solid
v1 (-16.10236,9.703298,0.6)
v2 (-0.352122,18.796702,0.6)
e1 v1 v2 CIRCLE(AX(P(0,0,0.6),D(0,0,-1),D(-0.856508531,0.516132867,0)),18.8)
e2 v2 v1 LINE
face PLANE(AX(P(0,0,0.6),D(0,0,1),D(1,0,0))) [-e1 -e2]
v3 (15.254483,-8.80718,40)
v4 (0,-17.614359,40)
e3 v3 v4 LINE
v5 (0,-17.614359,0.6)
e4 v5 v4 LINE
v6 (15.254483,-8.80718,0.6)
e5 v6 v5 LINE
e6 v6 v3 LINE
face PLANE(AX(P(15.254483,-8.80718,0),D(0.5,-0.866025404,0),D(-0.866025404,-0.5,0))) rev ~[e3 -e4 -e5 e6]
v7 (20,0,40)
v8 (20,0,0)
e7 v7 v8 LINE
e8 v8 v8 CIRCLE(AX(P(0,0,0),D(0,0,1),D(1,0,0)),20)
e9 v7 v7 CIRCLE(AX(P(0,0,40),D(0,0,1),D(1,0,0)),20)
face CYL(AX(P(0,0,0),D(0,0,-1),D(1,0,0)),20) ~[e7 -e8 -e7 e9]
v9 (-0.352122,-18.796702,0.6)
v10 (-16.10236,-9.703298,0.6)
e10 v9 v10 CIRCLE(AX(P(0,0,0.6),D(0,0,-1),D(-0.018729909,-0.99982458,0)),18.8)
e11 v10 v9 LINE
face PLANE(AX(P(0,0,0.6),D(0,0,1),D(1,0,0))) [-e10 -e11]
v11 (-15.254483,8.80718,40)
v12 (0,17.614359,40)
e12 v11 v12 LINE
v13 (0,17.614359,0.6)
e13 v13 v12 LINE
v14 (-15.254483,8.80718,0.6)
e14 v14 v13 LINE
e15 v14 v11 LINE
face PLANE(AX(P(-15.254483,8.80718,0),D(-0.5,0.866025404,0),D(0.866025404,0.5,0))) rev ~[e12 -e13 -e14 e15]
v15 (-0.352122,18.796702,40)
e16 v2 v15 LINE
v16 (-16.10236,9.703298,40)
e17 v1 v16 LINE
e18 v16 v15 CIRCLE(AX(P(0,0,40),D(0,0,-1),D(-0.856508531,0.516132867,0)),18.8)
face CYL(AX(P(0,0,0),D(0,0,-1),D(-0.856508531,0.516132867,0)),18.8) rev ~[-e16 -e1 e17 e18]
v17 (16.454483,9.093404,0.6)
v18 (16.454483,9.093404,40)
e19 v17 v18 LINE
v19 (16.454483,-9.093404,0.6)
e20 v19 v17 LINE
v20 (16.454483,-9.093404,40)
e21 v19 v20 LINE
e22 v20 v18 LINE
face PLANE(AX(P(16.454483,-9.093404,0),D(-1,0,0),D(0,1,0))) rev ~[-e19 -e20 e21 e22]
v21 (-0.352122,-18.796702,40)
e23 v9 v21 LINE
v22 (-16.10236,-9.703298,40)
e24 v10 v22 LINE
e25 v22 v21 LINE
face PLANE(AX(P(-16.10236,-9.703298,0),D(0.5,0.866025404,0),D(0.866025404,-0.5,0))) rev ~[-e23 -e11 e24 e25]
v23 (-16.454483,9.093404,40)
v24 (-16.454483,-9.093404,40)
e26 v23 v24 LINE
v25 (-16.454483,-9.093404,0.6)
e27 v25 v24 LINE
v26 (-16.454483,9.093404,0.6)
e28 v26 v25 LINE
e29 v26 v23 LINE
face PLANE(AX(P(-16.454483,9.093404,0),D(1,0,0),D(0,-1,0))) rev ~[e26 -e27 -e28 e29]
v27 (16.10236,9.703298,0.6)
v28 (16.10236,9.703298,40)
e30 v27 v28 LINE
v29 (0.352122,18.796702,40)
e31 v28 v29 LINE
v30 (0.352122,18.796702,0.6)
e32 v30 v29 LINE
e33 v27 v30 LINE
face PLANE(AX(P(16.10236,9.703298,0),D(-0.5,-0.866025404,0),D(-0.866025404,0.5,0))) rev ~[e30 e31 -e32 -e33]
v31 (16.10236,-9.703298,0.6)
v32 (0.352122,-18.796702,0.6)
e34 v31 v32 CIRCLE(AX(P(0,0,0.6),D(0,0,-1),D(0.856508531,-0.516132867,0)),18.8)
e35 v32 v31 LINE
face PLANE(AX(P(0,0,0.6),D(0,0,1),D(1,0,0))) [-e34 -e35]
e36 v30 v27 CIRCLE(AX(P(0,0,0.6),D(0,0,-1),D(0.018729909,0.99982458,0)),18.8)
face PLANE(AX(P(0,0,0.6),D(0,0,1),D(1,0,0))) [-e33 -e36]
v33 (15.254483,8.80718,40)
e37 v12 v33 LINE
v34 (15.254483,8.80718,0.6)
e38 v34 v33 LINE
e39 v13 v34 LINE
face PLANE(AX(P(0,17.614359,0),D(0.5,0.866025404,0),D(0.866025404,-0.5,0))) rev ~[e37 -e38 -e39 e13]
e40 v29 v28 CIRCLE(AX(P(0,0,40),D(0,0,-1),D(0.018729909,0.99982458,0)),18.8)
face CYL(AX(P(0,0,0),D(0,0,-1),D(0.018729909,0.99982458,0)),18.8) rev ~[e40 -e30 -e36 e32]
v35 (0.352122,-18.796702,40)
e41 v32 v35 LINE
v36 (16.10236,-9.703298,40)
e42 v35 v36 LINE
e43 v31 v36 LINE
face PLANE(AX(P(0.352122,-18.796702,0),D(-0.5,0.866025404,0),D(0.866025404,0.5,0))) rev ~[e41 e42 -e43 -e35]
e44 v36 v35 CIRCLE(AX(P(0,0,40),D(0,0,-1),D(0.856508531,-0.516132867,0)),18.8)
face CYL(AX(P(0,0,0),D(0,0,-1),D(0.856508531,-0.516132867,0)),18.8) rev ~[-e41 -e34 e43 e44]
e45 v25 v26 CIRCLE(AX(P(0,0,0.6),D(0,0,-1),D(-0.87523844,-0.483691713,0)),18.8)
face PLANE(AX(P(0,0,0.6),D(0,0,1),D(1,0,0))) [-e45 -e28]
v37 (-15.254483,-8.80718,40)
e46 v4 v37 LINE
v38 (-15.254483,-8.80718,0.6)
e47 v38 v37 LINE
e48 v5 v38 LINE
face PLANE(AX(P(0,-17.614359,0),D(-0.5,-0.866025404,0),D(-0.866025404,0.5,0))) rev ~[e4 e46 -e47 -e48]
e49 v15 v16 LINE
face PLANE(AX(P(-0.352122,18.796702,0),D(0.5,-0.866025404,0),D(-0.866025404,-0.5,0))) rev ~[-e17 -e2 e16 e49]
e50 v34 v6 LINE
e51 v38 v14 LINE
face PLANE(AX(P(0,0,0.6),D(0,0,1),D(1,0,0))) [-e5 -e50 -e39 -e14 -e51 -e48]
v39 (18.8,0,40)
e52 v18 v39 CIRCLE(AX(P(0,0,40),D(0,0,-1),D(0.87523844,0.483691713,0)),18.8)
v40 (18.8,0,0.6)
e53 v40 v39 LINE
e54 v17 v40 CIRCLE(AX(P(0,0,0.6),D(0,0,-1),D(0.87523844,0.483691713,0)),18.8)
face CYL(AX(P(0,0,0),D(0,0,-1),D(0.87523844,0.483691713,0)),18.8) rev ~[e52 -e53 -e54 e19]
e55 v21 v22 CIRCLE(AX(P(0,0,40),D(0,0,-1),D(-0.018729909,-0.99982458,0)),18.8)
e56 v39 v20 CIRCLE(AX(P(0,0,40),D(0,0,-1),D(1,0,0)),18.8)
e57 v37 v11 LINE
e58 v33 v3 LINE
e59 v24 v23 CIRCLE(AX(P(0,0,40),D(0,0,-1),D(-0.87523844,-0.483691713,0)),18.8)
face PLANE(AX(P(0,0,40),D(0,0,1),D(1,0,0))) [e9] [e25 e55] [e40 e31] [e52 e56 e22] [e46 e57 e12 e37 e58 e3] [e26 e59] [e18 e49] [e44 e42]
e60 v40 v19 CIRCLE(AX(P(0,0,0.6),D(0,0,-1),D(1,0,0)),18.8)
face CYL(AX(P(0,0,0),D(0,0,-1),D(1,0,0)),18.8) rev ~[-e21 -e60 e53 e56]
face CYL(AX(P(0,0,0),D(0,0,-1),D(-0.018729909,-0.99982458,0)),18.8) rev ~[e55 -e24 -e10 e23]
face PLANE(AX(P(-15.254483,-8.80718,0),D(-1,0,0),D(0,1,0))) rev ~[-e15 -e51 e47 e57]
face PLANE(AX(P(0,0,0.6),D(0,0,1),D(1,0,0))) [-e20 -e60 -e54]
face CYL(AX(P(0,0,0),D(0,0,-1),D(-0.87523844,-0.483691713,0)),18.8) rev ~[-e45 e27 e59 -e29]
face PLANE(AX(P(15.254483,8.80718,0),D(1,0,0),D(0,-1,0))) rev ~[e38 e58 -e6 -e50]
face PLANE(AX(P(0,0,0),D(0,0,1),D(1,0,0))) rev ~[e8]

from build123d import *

# Parameters (mm, degrees)
F0_R     = 20
F1_DEPTH = 40
F2_DEPTH = 0.6


with BuildPart() as f1:
    # F0 (on Top) → F1 (new body)
    with BuildSketch(Plane.XY):
        Circle(F0_R)
        with BuildLine():
            ThreePointArc((-0.3521222892, 18.7967021015), (0, 18.8), (0.3521222892, 18.7967021015))
            ThreePointArc((0.3521222892, 18.7967021015), (9.4, 16.2812775911), (16.1023603827, 9.7032978985))
            ThreePointArc((16.1023603827, 9.7032978985), (16.2812775911, 9.4), (16.4544826719, 9.093404203))
            ThreePointArc((16.4544826719, 9.093404203), (18.2041791113, 4.6955151884), (18.8, 0))
            ThreePointArc((18.8, 0), (18.2041791113, -4.6955151884), (16.4544826719, -9.093404203))
            ThreePointArc((16.4544826719, -9.093404203), (16.2812775911, -9.4), (16.1023603827, -9.7032978985))
            ThreePointArc((16.1023603827, -9.7032978985), (9.4, -16.2812775911), (0.3521222892, -18.7967021015))
            ThreePointArc((0.3521222892, -18.7967021015), (0, -18.8), (-0.3521222892, -18.7967021015))
            ThreePointArc((-0.3521222892, -18.7967021015), (-9.4, -16.2812775911), (-16.1023603827, -9.7032978985))
            ThreePointArc((-16.1023603827, -9.7032978985), (-16.2812775911, -9.4), (-16.4544826719, -9.093404203))
            ThreePointArc((-16.4544826719, -9.093404203), (-18.8, 0), (-16.4544826719, 9.093404203))
            ThreePointArc((-16.4544826719, 9.093404203), (-16.2812775911, 9.4), (-16.1023603827, 9.7032978985))
            ThreePointArc((-16.1023603827, 9.7032978985), (-9.4, 16.2812775911), (-0.3521222892, 18.7967021015))
        make_face(mode=Mode.SUBTRACT)
        with BuildLine():
            Line((16.1023603827, 9.7032978985), (0.3521222892, 18.7967021015))
            ThreePointArc((0.3521222892, 18.7967021015), (0, 18.8), (-0.3521222892, 18.7967021015))
            Line((-0.3521222892, 18.7967021015), (-16.1023603827, 9.7032978985))
            ThreePointArc((-16.1023603827, 9.7032978985), (-16.2812775911, 9.4), (-16.4544826719, 9.093404203))
            Line((-16.4544826719, 9.093404203), (-16.4544826719, -9.093404203))
            ThreePointArc((-16.4544826719, -9.093404203), (-16.2812775911, -9.4), (-16.1023603827, -9.7032978985))
            Line((-16.1023603827, -9.7032978985), (-0.3521222892, -18.7967021015))
            ThreePointArc((-0.3521222892, -18.7967021015), (0, -18.8), (0.3521222892, -18.7967021015))
            Line((0.3521222892, -18.7967021015), (16.1023603827, -9.7032978985))
            ThreePointArc((16.1023603827, -9.7032978985), (16.2812775911, -9.4), (16.4544826719, -9.093404203))
            Line((16.4544826719, -9.093404203), (16.4544826719, 9.093404203))
            ThreePointArc((16.4544826719, 9.093404203), (16.2812775911, 9.4), (16.1023603827, 9.7032978985))
        make_face()
        Polygon((0, -17.6143593539), (-15.2544826719, -8.807179677), (-15.2544826719, 8.807179677), (0, 17.6143593539), (15.2544826719, 8.807179677), (15.2544826719, -8.807179677), align=None, mode=Mode.SUBTRACT)
    extrude(amount=F1_DEPTH)

    # F0 (on Top) → F2 (join)
    with BuildSketch(Plane.XY):
        Circle(F0_R)
        with BuildLine():
            ThreePointArc((-0.3521222892, 18.7967021015), (0, 18.8), (0.3521222892, 18.7967021015))
            ThreePointArc((0.3521222892, 18.7967021015), (9.4, 16.2812775911), (16.1023603827, 9.7032978985))
            ThreePointArc((16.1023603827, 9.7032978985), (16.2812775911, 9.4), (16.4544826719, 9.093404203))
            ThreePointArc((16.4544826719, 9.093404203), (18.2041791113, 4.6955151884), (18.8, 0))
            ThreePointArc((18.8, 0), (18.2041791113, -4.6955151884), (16.4544826719, -9.093404203))
            ThreePointArc((16.4544826719, -9.093404203), (16.2812775911, -9.4), (16.1023603827, -9.7032978985))
            ThreePointArc((16.1023603827, -9.7032978985), (9.4, -16.2812775911), (0.3521222892, -18.7967021015))
            ThreePointArc((0.3521222892, -18.7967021015), (0, -18.8), (-0.3521222892, -18.7967021015))
            ThreePointArc((-0.3521222892, -18.7967021015), (-9.4, -16.2812775911), (-16.1023603827, -9.7032978985))
            ThreePointArc((-16.1023603827, -9.7032978985), (-16.2812775911, -9.4), (-16.4544826719, -9.093404203))
            ThreePointArc((-16.4544826719, -9.093404203), (-18.8, 0), (-16.4544826719, 9.093404203))
            ThreePointArc((-16.4544826719, 9.093404203), (-16.2812775911, 9.4), (-16.1023603827, 9.7032978985))
            ThreePointArc((-16.1023603827, 9.7032978985), (-9.4, 16.2812775911), (-0.3521222892, 18.7967021015))
        make_face(mode=Mode.SUBTRACT)
        with BuildLine():
            ThreePointArc((16.1023603827, 9.7032978985), (9.4, 16.2812775911), (0.3521222892, 18.7967021015))
            Line((0.3521222892, 18.7967021015), (16.1023603827, 9.7032978985))
        make_face()
        with BuildLine():
            Line((16.1023603827, 9.7032978985), (0.3521222892, 18.7967021015))
            ThreePointArc((0.3521222892, 18.7967021015), (0, 18.8), (-0.3521222892, 18.7967021015))
            Line((-0.3521222892, 18.7967021015), (-16.1023603827, 9.7032978985))
            ThreePointArc((-16.1023603827, 9.7032978985), (-16.2812775911, 9.4), (-16.4544826719, 9.093404203))
            Line((-16.4544826719, 9.093404203), (-16.4544826719, -9.093404203))
            ThreePointArc((-16.4544826719, -9.093404203), (-16.2812775911, -9.4), (-16.1023603827, -9.7032978985))
            Line((-16.1023603827, -9.7032978985), (-0.3521222892, -18.7967021015))
            ThreePointArc((-0.3521222892, -18.7967021015), (0, -18.8), (0.3521222892, -18.7967021015))
            Line((0.3521222892, -18.7967021015), (16.1023603827, -9.7032978985))
            ThreePointArc((16.1023603827, -9.7032978985), (16.2812775911, -9.4), (16.4544826719, -9.093404203))
            Line((16.4544826719, -9.093404203), (16.4544826719, 9.093404203))
            ThreePointArc((16.4544826719, 9.093404203), (16.2812775911, 9.4), (16.1023603827, 9.7032978985))
        make_face()
        Polygon((0, -17.6143593539), (-15.2544826719, -8.807179677), (-15.2544826719, 8.807179677), (0, 17.6143593539), (15.2544826719, 8.807179677), (15.2544826719, -8.807179677), align=None, mode=Mode.SUBTRACT)
        Polygon((-15.2544826719, 8.807179677), (-15.2544826719, -8.807179677), (0, -17.6143593539), (15.2544826719, -8.807179677), (15.2544826719, 8.807179677), (0, 17.6143593539), align=None)
        with BuildLine():
            Line((-16.1023603827, 9.7032978985), (-0.3521222892, 18.7967021015))
            ThreePointArc((-0.3521222892, 18.7967021015), (-9.4, 16.2812775911), (-16.1023603827, 9.7032978985))
        make_face()
        with BuildLine():
            Line((-16.4544826719, -9.093404203), (-16.4544826719, 9.093404203))
            ThreePointArc((-16.4544826719, 9.093404203), (-18.8, 0), (-16.4544826719, -9.093404203))
        make_face()
        with BuildLine():
            Line((-0.3521222892, -18.7967021015), (-16.1023603827, -9.7032978985))
            ThreePointArc((-16.1023603827, -9.7032978985), (-9.4, -16.2812775911), (-0.3521222892, -18.7967021015))
        make_face()
        with BuildLine():
            ThreePointArc((0.3521222892, -18.7967021015), (9.4, -16.2812775911), (16.1023603827, -9.7032978985))
            Line((16.1023603827, -9.7032978985), (0.3521222892, -18.7967021015))
        make_face()
        with BuildLine():
            ThreePointArc((18.8, 0), (18.2041791113, 4.6955151884), (16.4544826719, 9.093404203))
            Line((16.4544826719, 9.093404203), (16.4544826719, -9.093404203))
            ThreePointArc((16.4544826719, -9.093404203), (18.2041791113, -4.6955151884), (18.8, 0))
        make_face()
    extrude(amount=F2_DEPTH)


solid = f1.part
